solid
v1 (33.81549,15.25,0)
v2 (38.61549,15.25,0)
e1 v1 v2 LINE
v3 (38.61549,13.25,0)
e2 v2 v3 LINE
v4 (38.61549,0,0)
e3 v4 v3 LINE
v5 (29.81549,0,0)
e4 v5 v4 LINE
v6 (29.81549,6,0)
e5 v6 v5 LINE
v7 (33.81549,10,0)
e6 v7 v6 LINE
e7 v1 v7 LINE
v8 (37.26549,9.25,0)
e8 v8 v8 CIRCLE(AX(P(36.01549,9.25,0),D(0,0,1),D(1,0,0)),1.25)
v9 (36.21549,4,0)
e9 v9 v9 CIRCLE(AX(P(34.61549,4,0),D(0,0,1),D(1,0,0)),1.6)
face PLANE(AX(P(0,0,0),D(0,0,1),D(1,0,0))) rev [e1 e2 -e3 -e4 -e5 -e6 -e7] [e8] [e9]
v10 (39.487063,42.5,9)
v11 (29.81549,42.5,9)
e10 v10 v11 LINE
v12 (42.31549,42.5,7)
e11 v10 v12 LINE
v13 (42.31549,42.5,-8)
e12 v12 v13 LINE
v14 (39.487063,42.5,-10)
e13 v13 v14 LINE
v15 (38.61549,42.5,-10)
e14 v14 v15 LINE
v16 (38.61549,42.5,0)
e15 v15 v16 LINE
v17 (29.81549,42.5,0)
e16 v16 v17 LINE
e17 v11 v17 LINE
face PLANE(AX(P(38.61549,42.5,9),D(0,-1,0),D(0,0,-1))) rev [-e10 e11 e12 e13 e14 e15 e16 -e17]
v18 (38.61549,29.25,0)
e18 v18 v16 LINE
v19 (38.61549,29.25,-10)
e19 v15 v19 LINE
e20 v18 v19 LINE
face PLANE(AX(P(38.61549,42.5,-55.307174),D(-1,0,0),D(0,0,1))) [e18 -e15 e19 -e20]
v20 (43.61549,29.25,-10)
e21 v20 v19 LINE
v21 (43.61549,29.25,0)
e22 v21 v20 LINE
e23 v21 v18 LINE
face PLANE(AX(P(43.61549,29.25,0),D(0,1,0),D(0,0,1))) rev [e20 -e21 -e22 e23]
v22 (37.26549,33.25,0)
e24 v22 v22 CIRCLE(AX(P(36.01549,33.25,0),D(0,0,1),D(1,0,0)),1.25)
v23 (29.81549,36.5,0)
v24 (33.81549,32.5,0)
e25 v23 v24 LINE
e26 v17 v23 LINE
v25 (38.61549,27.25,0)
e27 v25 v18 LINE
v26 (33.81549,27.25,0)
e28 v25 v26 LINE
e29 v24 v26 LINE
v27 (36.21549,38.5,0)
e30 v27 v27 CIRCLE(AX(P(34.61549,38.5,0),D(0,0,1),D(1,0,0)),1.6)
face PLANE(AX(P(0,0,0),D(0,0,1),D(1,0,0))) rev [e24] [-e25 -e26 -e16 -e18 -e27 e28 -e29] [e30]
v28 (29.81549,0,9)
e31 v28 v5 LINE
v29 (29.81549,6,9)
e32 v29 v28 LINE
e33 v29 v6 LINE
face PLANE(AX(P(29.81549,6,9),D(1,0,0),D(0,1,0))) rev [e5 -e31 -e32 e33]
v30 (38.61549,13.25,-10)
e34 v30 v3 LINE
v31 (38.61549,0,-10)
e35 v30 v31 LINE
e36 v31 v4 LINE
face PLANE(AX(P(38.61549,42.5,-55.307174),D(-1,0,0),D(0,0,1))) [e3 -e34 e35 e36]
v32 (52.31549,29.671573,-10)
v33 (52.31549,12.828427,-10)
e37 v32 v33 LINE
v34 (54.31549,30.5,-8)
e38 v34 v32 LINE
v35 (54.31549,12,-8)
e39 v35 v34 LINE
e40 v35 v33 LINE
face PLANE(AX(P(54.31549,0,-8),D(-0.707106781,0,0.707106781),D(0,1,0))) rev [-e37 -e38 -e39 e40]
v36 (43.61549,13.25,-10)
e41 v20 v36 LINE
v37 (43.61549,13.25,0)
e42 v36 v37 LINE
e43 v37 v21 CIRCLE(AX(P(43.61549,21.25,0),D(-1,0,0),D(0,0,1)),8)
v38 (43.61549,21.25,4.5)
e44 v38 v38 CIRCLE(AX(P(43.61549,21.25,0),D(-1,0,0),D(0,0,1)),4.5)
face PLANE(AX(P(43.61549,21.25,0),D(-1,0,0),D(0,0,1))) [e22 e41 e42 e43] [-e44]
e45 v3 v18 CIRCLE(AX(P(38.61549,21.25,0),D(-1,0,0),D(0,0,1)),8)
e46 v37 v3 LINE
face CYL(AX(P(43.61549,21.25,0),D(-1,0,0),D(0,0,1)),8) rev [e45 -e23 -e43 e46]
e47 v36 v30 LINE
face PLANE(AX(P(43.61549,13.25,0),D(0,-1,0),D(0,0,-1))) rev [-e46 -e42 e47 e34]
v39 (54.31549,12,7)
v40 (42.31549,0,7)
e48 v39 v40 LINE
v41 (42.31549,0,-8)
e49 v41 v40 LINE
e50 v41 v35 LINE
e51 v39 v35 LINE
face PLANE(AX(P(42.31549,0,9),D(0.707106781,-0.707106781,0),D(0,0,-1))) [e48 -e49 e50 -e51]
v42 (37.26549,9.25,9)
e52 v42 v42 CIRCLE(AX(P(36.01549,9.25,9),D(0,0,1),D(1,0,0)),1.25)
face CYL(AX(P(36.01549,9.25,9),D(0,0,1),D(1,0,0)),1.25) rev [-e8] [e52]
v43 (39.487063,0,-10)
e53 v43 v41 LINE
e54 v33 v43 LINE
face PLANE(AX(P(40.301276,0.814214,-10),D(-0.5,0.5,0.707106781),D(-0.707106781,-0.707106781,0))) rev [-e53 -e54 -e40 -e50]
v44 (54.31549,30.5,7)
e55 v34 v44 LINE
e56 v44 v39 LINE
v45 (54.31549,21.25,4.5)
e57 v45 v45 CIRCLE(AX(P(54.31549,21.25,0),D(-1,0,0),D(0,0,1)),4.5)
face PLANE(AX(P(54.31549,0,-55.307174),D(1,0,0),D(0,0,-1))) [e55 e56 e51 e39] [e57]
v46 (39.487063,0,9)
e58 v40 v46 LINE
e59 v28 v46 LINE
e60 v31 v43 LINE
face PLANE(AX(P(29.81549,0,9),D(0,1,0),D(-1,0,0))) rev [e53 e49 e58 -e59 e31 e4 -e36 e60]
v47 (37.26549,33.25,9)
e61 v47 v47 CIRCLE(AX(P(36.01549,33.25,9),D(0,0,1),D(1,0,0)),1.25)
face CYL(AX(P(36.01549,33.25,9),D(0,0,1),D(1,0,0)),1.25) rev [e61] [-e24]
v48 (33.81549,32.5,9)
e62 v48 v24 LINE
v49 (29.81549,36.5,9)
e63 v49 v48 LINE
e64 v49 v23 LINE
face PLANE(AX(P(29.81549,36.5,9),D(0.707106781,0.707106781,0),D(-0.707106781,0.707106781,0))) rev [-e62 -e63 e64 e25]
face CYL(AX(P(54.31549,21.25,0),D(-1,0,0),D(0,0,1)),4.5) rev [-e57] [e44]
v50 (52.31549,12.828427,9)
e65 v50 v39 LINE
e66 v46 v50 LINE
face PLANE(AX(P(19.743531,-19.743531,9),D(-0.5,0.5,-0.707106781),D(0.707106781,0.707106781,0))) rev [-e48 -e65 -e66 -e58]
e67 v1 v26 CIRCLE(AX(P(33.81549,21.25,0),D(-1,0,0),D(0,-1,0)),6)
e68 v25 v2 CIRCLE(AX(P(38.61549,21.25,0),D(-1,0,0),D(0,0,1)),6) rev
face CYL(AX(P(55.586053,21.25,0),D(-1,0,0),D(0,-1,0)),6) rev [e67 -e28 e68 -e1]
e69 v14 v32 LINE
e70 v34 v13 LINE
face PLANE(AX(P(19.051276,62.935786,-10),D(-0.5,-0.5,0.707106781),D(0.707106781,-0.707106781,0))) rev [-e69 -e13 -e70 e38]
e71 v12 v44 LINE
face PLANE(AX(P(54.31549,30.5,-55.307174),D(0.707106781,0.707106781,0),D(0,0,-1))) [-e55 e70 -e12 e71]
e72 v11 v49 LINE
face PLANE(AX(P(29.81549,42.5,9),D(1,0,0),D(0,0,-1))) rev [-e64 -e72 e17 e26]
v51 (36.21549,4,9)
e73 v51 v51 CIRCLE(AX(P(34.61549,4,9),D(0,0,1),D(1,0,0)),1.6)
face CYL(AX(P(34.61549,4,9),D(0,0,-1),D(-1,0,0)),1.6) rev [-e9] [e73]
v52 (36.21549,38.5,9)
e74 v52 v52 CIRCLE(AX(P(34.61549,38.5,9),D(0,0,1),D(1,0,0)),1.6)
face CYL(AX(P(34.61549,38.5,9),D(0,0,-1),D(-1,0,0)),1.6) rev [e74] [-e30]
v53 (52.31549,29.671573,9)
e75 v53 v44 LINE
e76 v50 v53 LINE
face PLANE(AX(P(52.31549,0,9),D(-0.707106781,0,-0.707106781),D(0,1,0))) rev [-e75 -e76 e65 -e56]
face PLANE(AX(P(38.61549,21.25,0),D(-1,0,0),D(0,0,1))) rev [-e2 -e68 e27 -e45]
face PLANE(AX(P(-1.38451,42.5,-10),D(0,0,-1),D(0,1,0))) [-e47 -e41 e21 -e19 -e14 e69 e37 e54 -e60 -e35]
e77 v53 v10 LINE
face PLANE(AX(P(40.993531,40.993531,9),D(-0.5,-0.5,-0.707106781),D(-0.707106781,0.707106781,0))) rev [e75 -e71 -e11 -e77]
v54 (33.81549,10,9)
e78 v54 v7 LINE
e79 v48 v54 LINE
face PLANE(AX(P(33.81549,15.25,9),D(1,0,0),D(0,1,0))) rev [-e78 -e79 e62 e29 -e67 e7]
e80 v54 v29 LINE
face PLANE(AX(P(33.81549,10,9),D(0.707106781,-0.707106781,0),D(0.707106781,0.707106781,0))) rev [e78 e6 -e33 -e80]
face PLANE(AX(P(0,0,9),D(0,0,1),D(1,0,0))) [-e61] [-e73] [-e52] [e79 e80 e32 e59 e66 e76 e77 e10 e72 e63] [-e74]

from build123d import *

# Parameters (mm, degrees)
ESQUISSE1_R                               = 1.6
BOSS_EXTRU_1_DEPTH                        = 9
ESQUISSE2_W                               = 15.7
ESQUISSE2_H                               = 42.5
BOSS_EXTRU_2_DEPTH                        = 19
ESQUISSE4_R                               = 6
ENL_V_MAT_EXTRU_1_DEPTH                   = 4.8
ENL_V_MAT_EXTRU_2_DEPTH                   = 5
ESQUISSE6_R                               = 4.5
ENL_V_MAT_EXTRU_3_DEPTH                   = 11.7
CHANFREIN1_SIZE                           = 12
CHANFREIN2_SIZE                           = 2
TROU_POUR_TARAUDAGE_POUR_TROU_TARAUD_M3_D = 2.5


with BuildPart() as part:
    # Esquisse1 → Boss.-Extru.1 (new body)
    with BuildSketch(Plane.XY):
        Polygon((38.615489841, 27.25), (38.615489841, 15.25), (38.615489841, 0), (29.815489841, 0), (29.815489841, 6), (33.815489841, 10), (33.815489841, 15.25), (33.815489841, 27.25), (33.815489841, 32.5), (29.815489841, 36.5), (29.815489841, 42.5), (38.615489841, 42.5), align=None)
        with Locations((34.615489841, 4)):
            Circle(ESQUISSE1_R, mode=Mode.SUBTRACT)
        with Locations((34.615489841, 38.5)):
            Circle(ESQUISSE1_R, mode=Mode.SUBTRACT)
    extrude(amount=BOSS_EXTRU_1_DEPTH)

    # Esquisse2 → Boss.-Extru.2 (add)
    with BuildSketch(Plane.XY.offset(9)):
        with Locations((46.465489841, 21.25)):
            Rectangle(ESQUISSE2_W, ESQUISSE2_H)
    extrude(amount=-BOSS_EXTRU_2_DEPTH)

    # Esquisse4 → Enlèv. mat.-Extru.1 (cut)
    with BuildSketch(Plane.ZY.offset(-33.815489841)):
        with Locations((0, 21.25)):
            Circle(ESQUISSE4_R)
    extrude(amount=-ENL_V_MAT_EXTRU_1_DEPTH, mode=Mode.SUBTRACT)

    # Esquisse5 → Enlèv. mat.-Extru.2 (cut)
    with BuildSketch(Plane.ZY.offset(-38.615489841)):
        with BuildLine():
            Line((0, 29.25), (-10, 29.25))
            Line((-10, 29.25), (-10, 13.25))
            Line((-10, 13.25), (0, 13.25))
            ThreePointArc((0, 13.25), (8, 21.25), (0, 29.25))
        make_face()
    extrude(amount=-ENL_V_MAT_EXTRU_2_DEPTH, mode=Mode.SUBTRACT)

    # Esquisse6 → Enlèv. mat.-Extru.3 (cut, through all)
    with BuildSketch(Plane.ZY.offset(-43.615489841)):
        with Locations((0, 21.25)):
            Circle(ESQUISSE6_R)
    extrude(amount=-ENL_V_MAT_EXTRU_3_DEPTH, mode=Mode.SUBTRACT)

    # Chanfrein1
    chanfrein1_edges = [part.edges().sort_by_distance(p)[0] for p in [
        (54.315489841, 0, -0.5),
        (54.315489841, 42.5, -0.5),
    ]]
    chamfer(chanfrein1_edges, length=CHANFREIN1_SIZE)

    # Chanfrein2
    chanfrein2_edges = [part.edges().sort_by_distance(p)[0] for p in [
        (54.315489841, 21.25, -10),
        (54.315489841, 21.25, 9),
        (48.315489841, 6, 9),
        (48.315489841, 36.5, 9),
        (48.315489841, 6, -10),
        (48.315489841, 36.5, -10),
    ]]
    chamfer(chanfrein2_edges, length=CHANFREIN2_SIZE)

    # Trou pour taraudage pour trou taraudé M31 (through all)
    with Locations(Plane.XY.offset(9)):
        with Locations((36.015489841, 33.25), (36.015489841, 9.25)):
            Hole(TROU_POUR_TARAUDAGE_POUR_TROU_TARAUD_M3_D / 2)


solid = part.part
